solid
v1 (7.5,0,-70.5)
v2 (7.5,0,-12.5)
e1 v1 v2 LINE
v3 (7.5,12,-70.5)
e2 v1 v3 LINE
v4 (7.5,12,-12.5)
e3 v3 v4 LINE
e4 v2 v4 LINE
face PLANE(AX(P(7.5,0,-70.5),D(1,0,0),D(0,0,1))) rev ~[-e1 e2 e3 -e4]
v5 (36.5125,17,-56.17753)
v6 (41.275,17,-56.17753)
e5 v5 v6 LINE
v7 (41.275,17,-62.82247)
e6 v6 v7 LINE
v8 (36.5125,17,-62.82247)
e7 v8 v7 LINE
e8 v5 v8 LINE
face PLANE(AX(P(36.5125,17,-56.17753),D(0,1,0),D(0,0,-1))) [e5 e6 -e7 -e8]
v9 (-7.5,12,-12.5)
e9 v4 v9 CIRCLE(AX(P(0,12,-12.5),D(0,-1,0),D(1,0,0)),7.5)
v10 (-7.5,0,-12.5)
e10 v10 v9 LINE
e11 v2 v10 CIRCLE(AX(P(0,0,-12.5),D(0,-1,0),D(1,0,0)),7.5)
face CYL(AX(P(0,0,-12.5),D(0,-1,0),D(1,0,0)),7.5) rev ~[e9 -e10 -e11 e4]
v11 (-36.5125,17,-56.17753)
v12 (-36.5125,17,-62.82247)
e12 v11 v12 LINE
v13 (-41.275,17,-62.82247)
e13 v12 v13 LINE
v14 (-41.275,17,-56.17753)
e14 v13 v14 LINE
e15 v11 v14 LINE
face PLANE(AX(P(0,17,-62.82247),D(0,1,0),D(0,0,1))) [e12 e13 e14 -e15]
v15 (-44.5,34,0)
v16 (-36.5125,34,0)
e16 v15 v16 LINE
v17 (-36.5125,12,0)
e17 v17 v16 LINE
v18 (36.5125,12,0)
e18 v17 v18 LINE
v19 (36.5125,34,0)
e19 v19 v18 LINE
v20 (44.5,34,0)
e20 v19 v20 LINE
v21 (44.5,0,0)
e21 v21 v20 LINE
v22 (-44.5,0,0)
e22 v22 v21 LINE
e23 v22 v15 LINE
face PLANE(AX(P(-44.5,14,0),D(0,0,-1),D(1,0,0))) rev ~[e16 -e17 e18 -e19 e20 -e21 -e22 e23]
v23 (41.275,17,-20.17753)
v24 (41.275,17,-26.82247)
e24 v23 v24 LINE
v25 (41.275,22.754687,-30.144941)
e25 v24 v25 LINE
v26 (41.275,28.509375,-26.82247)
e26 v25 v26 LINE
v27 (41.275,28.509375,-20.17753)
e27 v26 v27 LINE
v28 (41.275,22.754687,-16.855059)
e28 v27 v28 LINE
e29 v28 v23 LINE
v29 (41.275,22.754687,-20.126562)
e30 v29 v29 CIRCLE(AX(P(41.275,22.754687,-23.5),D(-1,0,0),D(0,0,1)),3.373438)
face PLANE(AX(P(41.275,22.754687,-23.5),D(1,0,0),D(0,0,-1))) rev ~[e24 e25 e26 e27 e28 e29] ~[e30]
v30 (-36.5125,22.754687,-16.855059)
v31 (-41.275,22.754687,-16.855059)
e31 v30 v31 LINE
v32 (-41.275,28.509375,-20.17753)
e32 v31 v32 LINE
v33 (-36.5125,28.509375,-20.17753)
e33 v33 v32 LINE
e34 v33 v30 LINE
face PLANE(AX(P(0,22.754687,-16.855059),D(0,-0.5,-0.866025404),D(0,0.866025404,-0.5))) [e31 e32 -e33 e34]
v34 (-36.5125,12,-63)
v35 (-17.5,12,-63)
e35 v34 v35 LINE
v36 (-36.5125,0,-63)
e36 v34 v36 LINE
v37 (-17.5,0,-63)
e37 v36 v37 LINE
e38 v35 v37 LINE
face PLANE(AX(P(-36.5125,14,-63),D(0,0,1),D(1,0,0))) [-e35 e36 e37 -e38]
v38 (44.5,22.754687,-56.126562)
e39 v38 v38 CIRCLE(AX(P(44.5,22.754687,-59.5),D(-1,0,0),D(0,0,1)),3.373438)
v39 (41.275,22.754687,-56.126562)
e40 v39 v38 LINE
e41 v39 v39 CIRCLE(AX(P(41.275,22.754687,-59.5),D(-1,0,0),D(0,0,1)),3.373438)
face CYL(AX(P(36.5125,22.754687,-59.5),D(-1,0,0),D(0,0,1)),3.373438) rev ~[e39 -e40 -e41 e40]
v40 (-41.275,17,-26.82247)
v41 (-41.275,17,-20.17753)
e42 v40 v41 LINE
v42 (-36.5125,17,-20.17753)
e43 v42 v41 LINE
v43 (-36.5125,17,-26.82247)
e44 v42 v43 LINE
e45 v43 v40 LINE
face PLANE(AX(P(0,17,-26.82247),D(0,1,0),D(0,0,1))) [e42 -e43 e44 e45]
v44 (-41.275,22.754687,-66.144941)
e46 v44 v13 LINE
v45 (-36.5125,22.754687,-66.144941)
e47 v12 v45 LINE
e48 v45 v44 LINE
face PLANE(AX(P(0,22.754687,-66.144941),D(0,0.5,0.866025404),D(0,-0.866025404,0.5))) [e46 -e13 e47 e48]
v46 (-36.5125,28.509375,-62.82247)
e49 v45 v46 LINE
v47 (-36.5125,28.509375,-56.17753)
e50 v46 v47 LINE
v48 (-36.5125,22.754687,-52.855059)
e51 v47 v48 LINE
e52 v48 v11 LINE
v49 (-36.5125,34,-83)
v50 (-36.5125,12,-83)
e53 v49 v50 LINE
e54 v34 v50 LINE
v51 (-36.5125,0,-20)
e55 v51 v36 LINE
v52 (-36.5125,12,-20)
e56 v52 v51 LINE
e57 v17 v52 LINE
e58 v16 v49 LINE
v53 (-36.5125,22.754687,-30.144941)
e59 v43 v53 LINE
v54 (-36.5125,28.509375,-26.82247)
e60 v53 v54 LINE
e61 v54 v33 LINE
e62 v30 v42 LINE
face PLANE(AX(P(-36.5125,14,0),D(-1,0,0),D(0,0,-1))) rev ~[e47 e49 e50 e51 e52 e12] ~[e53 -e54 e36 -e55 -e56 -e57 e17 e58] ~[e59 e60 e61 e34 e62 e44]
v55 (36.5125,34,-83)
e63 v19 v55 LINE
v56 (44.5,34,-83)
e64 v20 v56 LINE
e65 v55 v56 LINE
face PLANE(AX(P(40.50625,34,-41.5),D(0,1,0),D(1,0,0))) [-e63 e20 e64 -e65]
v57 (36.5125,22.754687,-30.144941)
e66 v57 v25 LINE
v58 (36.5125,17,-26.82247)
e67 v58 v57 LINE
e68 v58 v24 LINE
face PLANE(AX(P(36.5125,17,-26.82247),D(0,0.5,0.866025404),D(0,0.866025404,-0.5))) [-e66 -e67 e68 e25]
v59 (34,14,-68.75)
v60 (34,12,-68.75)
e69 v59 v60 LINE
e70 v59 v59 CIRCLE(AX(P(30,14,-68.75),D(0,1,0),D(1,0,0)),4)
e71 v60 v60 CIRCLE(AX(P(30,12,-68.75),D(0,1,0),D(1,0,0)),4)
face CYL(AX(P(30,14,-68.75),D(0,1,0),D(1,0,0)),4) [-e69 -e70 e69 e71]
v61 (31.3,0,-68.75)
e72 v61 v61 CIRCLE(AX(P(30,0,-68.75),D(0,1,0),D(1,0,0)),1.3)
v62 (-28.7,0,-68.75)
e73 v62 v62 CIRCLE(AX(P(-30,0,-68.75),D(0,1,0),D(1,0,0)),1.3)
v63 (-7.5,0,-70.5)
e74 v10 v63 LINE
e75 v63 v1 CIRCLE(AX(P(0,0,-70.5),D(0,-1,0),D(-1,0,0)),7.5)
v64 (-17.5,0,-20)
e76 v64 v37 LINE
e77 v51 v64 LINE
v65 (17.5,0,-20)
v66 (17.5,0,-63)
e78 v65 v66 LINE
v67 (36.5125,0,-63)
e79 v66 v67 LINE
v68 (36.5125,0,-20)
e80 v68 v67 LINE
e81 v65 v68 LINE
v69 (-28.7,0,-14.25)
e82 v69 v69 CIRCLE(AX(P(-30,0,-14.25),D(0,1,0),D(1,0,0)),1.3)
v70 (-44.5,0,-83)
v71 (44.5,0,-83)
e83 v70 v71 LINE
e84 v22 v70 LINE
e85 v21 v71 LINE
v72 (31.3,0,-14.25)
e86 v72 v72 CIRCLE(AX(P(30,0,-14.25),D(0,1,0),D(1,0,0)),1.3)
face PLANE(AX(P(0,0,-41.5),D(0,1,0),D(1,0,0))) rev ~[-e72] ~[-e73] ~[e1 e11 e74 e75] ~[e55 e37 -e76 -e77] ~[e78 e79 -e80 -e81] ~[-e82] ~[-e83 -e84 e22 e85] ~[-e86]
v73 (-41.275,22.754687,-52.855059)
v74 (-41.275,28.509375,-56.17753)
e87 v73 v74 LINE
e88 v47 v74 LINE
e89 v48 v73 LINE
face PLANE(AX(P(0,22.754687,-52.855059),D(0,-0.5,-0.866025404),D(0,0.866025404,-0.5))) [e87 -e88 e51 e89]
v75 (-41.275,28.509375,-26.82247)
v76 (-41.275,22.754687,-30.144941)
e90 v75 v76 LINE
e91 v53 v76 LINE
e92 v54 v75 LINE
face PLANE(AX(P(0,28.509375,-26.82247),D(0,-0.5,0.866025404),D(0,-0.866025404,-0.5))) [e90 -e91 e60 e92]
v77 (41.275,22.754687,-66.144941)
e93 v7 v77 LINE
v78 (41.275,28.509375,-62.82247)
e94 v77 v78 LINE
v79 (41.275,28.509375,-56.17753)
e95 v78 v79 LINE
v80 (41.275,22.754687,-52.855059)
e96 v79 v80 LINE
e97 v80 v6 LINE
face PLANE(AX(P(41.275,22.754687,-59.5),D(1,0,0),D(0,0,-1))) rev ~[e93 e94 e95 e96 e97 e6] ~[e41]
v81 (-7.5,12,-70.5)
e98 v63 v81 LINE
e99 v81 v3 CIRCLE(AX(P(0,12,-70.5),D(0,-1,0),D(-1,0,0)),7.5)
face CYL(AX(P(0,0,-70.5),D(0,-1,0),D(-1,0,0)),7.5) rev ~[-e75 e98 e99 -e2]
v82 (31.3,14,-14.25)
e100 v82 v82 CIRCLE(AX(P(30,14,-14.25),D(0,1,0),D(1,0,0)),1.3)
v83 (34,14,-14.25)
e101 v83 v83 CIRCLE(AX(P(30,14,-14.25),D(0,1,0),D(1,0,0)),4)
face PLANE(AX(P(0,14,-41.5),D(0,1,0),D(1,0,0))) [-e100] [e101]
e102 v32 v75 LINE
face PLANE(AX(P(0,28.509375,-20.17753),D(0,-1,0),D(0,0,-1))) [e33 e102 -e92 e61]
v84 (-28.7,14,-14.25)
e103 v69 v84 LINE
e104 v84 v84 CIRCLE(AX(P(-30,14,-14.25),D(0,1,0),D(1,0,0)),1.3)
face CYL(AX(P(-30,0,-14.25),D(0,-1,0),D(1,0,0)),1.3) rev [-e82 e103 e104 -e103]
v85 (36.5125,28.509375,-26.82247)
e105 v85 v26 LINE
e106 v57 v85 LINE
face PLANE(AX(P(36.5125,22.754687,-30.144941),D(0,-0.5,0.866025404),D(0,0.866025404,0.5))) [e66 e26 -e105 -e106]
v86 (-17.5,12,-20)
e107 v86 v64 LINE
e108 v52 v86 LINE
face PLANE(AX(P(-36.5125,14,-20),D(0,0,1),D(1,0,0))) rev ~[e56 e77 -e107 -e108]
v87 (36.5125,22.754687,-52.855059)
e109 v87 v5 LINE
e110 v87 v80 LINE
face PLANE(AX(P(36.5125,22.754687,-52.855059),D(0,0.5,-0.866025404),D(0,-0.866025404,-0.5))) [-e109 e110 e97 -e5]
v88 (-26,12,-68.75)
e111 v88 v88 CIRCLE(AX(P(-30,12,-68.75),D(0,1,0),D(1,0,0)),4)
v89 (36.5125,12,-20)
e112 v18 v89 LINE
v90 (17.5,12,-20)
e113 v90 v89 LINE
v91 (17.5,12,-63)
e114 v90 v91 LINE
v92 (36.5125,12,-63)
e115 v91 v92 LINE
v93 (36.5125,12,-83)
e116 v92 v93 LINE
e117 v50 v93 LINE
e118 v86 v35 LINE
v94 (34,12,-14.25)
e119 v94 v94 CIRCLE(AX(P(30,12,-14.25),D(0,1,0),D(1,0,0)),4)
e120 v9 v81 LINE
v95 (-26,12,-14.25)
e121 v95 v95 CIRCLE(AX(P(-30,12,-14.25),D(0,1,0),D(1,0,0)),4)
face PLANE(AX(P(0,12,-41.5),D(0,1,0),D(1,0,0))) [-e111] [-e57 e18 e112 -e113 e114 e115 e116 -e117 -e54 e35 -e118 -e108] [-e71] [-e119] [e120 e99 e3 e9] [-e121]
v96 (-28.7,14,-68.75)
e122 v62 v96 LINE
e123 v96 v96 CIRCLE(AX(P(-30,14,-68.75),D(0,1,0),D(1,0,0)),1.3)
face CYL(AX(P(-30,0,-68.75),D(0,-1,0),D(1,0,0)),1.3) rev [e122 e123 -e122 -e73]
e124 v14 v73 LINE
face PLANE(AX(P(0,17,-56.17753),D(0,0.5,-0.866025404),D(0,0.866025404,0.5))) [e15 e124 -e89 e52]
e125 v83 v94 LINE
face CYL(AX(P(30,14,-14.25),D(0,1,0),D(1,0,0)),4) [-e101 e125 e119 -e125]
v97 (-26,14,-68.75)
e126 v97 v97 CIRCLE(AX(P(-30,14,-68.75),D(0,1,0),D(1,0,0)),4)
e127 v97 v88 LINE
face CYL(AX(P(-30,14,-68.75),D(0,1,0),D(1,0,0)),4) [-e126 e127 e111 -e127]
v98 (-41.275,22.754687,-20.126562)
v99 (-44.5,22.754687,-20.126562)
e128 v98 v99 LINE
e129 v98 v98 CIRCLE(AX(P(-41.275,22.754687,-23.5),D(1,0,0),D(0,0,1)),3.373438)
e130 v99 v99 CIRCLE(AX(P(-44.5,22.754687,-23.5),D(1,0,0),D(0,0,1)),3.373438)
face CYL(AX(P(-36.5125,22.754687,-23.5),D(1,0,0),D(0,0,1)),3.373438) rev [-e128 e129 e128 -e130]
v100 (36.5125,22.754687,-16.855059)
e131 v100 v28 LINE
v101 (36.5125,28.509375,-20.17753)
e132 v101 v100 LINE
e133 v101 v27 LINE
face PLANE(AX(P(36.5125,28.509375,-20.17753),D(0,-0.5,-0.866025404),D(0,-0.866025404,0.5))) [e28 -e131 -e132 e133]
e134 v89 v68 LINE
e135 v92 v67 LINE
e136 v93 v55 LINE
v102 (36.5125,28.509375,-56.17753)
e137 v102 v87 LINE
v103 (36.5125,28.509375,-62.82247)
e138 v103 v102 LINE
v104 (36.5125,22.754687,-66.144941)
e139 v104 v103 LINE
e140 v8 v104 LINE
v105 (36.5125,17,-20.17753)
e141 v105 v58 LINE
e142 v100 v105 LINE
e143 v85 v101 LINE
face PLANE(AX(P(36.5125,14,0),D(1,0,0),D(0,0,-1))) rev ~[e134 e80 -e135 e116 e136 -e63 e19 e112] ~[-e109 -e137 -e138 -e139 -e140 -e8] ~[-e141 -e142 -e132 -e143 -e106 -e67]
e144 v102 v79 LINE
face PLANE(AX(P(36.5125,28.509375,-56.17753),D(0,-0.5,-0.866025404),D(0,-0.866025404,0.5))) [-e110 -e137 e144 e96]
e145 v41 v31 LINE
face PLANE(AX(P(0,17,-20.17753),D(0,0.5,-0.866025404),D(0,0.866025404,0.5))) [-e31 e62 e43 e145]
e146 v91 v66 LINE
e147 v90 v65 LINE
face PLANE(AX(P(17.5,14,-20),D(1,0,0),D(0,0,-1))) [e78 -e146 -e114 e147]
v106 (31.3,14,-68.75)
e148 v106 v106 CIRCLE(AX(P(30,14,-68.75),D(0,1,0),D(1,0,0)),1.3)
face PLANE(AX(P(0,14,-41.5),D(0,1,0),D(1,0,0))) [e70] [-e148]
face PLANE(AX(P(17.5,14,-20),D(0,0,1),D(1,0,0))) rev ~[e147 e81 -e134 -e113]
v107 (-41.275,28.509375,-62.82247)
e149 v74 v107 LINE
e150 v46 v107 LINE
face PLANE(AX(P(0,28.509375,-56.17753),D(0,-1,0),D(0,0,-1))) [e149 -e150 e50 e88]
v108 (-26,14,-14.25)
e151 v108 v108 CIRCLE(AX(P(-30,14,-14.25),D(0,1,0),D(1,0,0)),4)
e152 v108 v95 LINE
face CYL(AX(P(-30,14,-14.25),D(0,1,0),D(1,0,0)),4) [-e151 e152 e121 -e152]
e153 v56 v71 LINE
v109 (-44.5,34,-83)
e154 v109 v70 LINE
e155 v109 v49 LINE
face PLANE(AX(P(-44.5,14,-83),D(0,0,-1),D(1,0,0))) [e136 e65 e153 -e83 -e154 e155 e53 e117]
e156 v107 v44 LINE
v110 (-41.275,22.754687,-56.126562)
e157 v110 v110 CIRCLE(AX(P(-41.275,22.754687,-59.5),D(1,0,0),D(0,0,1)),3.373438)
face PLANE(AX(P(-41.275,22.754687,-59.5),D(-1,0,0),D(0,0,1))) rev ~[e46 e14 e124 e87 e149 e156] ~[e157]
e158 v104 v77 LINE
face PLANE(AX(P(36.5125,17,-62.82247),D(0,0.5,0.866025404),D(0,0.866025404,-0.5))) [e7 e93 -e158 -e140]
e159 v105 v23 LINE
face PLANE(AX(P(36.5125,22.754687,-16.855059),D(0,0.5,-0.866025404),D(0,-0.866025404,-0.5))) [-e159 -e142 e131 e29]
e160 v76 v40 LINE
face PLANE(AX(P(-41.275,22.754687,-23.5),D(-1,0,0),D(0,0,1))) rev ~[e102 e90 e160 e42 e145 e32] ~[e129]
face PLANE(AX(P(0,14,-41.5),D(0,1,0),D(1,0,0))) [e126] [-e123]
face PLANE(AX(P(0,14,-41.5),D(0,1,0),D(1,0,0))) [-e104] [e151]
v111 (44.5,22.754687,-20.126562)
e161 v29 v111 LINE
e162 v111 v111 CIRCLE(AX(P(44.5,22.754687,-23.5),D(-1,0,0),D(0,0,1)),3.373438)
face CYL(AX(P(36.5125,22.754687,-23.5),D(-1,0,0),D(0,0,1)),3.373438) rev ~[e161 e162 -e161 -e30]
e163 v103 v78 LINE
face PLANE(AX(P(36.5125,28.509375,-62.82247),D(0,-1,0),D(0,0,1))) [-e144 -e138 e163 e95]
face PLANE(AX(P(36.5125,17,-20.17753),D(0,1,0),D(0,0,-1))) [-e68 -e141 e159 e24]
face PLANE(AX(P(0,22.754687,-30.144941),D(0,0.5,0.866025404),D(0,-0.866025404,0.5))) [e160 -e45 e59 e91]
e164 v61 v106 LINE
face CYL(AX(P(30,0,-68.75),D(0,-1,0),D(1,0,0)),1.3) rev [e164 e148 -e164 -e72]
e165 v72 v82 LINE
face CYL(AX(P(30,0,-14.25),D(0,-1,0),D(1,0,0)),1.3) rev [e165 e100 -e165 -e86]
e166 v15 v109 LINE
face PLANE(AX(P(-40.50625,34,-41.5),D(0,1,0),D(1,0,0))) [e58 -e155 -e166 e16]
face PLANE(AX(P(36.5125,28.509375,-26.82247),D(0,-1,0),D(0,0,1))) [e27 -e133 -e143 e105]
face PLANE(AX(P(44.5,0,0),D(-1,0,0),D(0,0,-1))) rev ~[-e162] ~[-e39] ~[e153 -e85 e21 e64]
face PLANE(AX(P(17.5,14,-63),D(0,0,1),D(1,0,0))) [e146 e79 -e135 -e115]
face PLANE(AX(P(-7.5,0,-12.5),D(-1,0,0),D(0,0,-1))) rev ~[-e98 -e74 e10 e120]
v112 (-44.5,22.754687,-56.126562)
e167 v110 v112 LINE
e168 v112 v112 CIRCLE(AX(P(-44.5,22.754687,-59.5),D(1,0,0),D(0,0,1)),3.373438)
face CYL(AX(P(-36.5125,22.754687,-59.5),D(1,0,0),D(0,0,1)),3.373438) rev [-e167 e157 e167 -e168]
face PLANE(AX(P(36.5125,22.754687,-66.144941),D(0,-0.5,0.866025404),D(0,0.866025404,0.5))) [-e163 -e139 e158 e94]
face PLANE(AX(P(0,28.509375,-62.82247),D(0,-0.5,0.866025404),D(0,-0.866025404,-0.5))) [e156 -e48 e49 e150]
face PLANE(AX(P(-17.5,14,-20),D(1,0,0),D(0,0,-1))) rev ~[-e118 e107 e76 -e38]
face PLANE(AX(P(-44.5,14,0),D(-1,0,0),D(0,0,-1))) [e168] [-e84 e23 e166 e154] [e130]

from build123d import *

# Parameters (mm, degrees)
SKETCH1_W                   = 89
SKETCH1_H                   = 83
SKETCH1_R                   = 1.3
MAIN_BODY_DEPTH             = 14
SKETCH2_W                   = 73.025
SKETCH2_H                   = 83
SKETCH2_R                   = 4
SCREW_RISER_DEPTH           = 2
SKETCH4_W                   = 7.9875
SKETCH4_H                   = 83
TOPPER_SUPPORT_DEPTH        = 20
MOUNT_START                 = -44.5
MOUNT_NUTS_DEPTH            = 41.275
F_9_32_MOUNT_HOLES_REACH    = 9.988
SKETCH5_R                   = 3.3734375
SKETCH8_W                   = 19.0125
SKETCH8_H                   = 43
MIDDLE_CUT_DEPTH            = 14
SKETCH9_R                   = 3.3734375
MOUNT_NUTS_P2_DEPTH         = 4.7625
SKETCH9_3_R                 = 3.3734375
F_9_32_MOUNT_HOLES_P2_DEPTH = 7.9875


with BuildPart() as part:
    # Sketch1 → Main Body (new body)
    with BuildSketch(Plane(origin=(0, 0, 0), x_dir=(1, 0, 0), z_dir=(0, 1, 0))):
        with Locations((0, 41.5)):
            Rectangle(SKETCH1_W, SKETCH1_H)
        with Locations((-30, 14.25)):
            Circle(SKETCH1_R, mode=Mode.SUBTRACT)
        with Locations((30, 14.25)):
            Circle(SKETCH1_R, mode=Mode.SUBTRACT)
        with BuildLine():
            Line((-7.5, 12.5), (-7.5, 70.5))
            ThreePointArc((-7.5, 70.5), (0, 78), (7.5, 70.5))
            Line((7.5, 70.5), (7.5, 12.5))
            ThreePointArc((7.5, 12.5), (0, 5), (-7.5, 12.5))
        make_face(mode=Mode.SUBTRACT)
        with Locations((-30, 68.75)):
            Circle(SKETCH1_R, mode=Mode.SUBTRACT)
        with Locations((30, 68.75)):
            Circle(SKETCH1_R, mode=Mode.SUBTRACT)
    extrude(amount=MAIN_BODY_DEPTH)

    # Sketch2 → Screw Riser (cut)
    with BuildSketch(Plane(origin=(0, 14, 0), x_dir=(1, 0, 0), z_dir=(0, 1, 0))):
        with Locations((0, 41.5)):
            Rectangle(SKETCH2_W, SKETCH2_H)
        with Locations((-30, 14.25)):
            Circle(SKETCH2_R, mode=Mode.SUBTRACT)
        with Locations((30, 14.25)):
            Circle(SKETCH2_R, mode=Mode.SUBTRACT)
        with Locations((-30, 68.75)):
            Circle(SKETCH2_R, mode=Mode.SUBTRACT)
        with Locations((30, 68.75)):
            Circle(SKETCH2_R, mode=Mode.SUBTRACT)
    extrude(amount=-SCREW_RISER_DEPTH, mode=Mode.SUBTRACT)

    # Sketch4 → Topper Support (add)
    with BuildSketch(Plane(origin=(0, 14, 0), x_dir=(1, 0, 0), z_dir=(0, 1, 0))):
        with Locations((-40.50625, 41.5)):
            Rectangle(SKETCH4_W, SKETCH4_H)
        with Locations((40.50625, 41.5)):
            Rectangle(SKETCH4_W, SKETCH4_H)
    extrude(amount=TOPPER_SUPPORT_DEPTH)

    # Sketch6 → Mount Nuts (cut)
    with BuildSketch(Plane.ZY.offset(44.5).offset(MOUNT_START)):
        Polygon((-52.855059246, 22.7546875), (-56.177529623, 28.509375), (-62.822470377, 28.509375), (-66.144940754, 22.7546875), (-62.822470377, 17), (-56.177529623, 17), align=None)
        Polygon((-16.855059246, 22.7546875), (-20.177529623, 28.509375), (-26.822470377, 28.509375), (-30.144940754, 22.7546875), (-26.822470377, 17), (-20.177529623, 17), align=None)
    extrude(amount=MOUNT_NUTS_DEPTH, mode=Mode.SUBTRACT)

    # Sketch5 → 9/32 Mount Holes (cut, up to next)
    with BuildSketch(Plane.ZY.offset(36.5125), mode=Mode.PRIVATE) as f_9_32_mount_holes_sk1:
        with Locations((-59.5, 22.7546875)):
            Circle(SKETCH5_R)
    f_9_32_mount_holes_tool1 = extrude(f_9_32_mount_holes_sk1.sketch, amount=F_9_32_MOUNT_HOLES_REACH, mode=Mode.PRIVATE) & part.part
    add(f_9_32_mount_holes_tool1.solids().sort_by_distance((-36.5125, 22.754688, -59.5))[0], mode=Mode.SUBTRACT)
    # Sketch5 → 9/32 Mount Holes (cut, up to next)
    with BuildSketch(Plane.ZY.offset(36.5125), mode=Mode.PRIVATE) as f_9_32_mount_holes_sk2:
        with Locations((-23.5, 22.7546875)):
            Circle(SKETCH5_R)
    f_9_32_mount_holes_tool2 = extrude(f_9_32_mount_holes_sk2.sketch, amount=F_9_32_MOUNT_HOLES_REACH, mode=Mode.PRIVATE) & part.part
    add(f_9_32_mount_holes_tool2.solids().sort_by_distance((-36.5125, 22.754688, -23.5))[0], mode=Mode.SUBTRACT)

    # Sketch8 → Middle Cut (cut)
    with BuildSketch(Plane(origin=(0, 14, 0), x_dir=(1, 0, 0), z_dir=(0, 1, 0))):
        with Locations((-27.00625, 41.5)):
            Rectangle(SKETCH8_W, SKETCH8_H)
        with Locations((27.00625, 41.5)):
            Rectangle(SKETCH8_W, SKETCH8_H)
    extrude(amount=-MIDDLE_CUT_DEPTH, mode=Mode.SUBTRACT)

    # Sketch9 → Mount Nuts p2 (cut)
    with BuildSketch(Plane.ZY.offset(-36.5125)):
        Polygon((-56.177529623, 17), (-62.822470377, 17), (-66.144940754, 22.7546875), (-62.822470377, 28.509375), (-56.177529623, 28.509375), (-52.855059246, 22.7546875), align=None)
        with Locations((-59.5, 22.7546875)):
            Circle(SKETCH9_R, mode=Mode.SUBTRACT)
        with Locations((-59.5, 22.7546875)):
            Circle(SKETCH9_R)
        Polygon((-20.177529623, 17), (-26.822470377, 17), (-30.144940754, 22.7546875), (-26.822470377, 28.509375), (-20.177529623, 28.509375), (-16.855059246, 22.7546875), align=None)
        with Locations((-23.5, 22.7546875)):
            Circle(SKETCH9_R, mode=Mode.SUBTRACT)
        with Locations((-23.5, 22.7546875)):
            Circle(SKETCH9_R)
    extrude(amount=-MOUNT_NUTS_P2_DEPTH, mode=Mode.SUBTRACT)

    # Sketch9<3> → 9/32 Mount Holes p2 (cut)
    with BuildSketch(Plane.ZY.offset(-36.5125)):
        with Locations((-59.5, 22.7546875)):
            Circle(SKETCH9_3_R)
        with Locations((-23.5, 22.7546875)):
            Circle(SKETCH9_3_R)
    extrude(amount=-F_9_32_MOUNT_HOLES_P2_DEPTH, mode=Mode.SUBTRACT)


solid = part.part
